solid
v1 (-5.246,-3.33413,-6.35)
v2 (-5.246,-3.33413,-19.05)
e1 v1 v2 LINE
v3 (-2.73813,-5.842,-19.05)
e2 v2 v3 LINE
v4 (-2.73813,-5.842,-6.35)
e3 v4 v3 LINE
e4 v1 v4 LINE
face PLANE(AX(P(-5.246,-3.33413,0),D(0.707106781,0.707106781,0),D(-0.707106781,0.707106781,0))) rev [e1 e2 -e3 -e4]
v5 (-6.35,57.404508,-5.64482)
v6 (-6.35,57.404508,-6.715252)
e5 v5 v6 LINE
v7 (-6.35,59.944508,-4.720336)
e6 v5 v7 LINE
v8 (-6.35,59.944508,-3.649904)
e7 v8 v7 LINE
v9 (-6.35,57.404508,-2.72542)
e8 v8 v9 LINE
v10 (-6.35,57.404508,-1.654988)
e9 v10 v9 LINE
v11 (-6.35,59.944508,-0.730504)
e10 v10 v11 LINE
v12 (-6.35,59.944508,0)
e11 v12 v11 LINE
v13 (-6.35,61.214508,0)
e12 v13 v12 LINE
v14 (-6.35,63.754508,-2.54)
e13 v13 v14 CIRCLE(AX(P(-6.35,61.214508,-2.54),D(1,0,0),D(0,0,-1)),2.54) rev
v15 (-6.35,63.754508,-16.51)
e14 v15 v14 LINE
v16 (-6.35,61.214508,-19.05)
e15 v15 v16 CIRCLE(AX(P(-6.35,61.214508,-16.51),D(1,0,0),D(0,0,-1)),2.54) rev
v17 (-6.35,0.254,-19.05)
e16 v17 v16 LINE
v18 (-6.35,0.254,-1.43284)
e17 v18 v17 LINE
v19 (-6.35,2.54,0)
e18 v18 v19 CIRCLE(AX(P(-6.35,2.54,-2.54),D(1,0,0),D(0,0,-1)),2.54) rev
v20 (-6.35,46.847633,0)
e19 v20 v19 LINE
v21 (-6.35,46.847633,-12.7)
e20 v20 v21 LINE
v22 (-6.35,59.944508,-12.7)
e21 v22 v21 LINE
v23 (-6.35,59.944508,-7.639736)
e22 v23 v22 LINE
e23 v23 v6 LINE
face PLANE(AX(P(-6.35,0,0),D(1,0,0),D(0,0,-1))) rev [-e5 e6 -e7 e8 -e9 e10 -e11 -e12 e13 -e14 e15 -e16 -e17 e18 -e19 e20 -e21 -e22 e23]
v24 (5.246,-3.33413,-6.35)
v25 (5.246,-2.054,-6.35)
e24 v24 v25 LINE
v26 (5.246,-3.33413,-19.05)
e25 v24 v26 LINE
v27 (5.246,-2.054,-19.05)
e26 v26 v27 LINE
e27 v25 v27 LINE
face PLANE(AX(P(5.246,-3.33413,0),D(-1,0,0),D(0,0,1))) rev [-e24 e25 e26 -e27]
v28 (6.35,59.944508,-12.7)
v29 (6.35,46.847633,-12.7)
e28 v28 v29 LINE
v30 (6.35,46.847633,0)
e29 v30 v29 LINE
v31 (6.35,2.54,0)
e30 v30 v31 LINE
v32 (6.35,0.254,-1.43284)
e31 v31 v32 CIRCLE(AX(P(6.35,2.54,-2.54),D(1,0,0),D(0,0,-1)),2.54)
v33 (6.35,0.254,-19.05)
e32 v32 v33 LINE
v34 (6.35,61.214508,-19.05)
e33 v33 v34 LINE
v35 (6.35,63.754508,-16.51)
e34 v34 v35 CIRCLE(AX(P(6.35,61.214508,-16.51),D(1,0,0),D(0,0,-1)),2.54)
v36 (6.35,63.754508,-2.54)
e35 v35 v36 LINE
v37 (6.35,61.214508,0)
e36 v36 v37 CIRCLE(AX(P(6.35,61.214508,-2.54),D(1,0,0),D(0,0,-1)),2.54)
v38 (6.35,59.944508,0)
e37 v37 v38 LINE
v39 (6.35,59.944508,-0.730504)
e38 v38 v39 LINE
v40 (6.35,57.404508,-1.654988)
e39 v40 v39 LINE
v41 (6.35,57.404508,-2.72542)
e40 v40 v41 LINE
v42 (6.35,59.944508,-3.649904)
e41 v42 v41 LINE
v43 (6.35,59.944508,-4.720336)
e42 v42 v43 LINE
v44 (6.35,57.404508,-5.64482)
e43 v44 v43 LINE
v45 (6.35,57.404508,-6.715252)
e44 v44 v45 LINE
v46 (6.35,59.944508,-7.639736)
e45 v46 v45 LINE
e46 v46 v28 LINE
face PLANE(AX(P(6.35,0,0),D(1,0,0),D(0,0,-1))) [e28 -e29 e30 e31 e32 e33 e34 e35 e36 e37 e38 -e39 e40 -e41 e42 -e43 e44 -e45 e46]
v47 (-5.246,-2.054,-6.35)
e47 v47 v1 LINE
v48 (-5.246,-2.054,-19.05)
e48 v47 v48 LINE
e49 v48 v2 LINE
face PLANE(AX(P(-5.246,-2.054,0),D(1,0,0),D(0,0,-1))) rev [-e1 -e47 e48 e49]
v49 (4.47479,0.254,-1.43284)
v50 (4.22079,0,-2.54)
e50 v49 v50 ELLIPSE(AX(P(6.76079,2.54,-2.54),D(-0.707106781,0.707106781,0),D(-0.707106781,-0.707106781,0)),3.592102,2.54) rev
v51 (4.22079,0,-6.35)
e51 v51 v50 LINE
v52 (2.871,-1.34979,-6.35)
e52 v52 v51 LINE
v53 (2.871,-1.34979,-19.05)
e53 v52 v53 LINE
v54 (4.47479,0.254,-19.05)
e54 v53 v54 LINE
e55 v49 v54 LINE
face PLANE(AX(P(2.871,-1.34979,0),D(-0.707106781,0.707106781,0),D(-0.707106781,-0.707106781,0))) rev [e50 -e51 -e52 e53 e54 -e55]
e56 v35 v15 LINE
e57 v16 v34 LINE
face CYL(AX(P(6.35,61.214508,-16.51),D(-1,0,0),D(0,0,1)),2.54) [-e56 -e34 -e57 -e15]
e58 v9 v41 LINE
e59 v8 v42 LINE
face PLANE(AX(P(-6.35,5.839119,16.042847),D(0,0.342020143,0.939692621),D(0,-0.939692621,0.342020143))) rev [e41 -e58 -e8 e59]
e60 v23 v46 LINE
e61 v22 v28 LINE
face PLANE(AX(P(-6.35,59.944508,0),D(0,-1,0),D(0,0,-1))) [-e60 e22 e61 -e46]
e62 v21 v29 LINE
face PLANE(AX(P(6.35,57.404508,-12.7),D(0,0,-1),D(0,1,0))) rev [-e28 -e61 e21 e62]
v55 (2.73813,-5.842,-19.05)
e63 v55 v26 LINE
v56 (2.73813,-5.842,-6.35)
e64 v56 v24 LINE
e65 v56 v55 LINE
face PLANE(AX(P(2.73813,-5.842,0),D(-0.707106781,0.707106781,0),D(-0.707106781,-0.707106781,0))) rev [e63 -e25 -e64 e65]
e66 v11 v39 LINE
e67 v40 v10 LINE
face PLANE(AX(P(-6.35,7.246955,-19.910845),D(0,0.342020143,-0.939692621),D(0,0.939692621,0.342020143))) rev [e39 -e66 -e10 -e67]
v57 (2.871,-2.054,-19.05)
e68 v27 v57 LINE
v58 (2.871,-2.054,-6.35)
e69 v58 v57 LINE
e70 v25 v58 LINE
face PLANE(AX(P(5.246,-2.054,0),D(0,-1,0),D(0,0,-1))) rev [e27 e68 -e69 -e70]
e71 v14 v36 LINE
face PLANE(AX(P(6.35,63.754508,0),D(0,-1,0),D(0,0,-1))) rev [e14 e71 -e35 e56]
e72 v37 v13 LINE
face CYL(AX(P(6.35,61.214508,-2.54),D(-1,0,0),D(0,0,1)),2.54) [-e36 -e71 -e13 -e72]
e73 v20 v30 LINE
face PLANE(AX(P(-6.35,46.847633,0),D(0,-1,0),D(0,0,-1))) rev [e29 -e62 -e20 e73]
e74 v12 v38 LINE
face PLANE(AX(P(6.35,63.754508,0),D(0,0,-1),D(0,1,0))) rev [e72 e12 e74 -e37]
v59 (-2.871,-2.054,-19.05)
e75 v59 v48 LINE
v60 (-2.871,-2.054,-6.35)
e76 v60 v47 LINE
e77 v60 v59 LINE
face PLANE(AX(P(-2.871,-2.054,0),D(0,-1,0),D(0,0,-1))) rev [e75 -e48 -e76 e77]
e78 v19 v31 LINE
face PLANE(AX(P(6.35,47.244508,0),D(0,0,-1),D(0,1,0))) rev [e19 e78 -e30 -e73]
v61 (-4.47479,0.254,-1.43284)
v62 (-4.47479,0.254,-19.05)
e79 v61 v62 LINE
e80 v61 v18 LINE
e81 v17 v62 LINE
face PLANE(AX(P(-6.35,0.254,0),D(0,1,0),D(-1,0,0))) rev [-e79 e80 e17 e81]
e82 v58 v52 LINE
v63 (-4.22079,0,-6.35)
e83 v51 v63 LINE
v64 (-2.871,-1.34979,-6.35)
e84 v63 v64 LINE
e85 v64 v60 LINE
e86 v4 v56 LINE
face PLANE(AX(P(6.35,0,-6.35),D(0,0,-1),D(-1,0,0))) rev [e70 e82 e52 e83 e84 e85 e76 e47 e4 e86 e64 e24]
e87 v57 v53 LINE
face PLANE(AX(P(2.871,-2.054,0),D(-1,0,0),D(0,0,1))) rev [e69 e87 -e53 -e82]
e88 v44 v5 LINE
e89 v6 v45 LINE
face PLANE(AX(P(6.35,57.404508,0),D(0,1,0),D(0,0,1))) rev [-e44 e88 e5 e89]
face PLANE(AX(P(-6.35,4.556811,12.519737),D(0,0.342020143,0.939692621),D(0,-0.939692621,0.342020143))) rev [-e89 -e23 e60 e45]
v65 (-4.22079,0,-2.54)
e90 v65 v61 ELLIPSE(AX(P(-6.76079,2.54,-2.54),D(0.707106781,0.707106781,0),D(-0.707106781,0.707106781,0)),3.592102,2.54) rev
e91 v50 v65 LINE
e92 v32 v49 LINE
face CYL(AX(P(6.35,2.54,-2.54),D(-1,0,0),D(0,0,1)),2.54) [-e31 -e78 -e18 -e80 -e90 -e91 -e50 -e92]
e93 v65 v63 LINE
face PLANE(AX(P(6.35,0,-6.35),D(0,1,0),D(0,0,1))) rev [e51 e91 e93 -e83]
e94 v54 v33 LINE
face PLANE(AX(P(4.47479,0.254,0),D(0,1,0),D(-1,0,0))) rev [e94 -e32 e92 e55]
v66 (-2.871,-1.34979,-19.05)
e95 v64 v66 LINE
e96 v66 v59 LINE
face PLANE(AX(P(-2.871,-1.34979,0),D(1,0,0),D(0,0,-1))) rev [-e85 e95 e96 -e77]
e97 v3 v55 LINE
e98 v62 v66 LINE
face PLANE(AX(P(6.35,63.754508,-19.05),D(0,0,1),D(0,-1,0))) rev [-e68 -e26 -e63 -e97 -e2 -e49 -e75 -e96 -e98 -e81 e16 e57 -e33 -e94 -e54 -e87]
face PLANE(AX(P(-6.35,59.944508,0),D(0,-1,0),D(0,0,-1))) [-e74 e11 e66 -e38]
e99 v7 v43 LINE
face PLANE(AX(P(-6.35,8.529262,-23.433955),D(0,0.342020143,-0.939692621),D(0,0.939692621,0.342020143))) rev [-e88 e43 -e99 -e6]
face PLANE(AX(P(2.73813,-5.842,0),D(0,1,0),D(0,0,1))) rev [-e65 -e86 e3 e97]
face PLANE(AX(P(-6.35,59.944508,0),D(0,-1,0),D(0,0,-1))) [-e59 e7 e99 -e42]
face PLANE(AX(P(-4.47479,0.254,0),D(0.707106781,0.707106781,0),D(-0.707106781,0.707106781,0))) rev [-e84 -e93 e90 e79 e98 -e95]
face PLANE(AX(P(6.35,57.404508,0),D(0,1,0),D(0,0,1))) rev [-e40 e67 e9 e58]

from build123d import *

# Parameters (mm, degrees)
BOSS_EXTRUDE1_DEPTH = 6.35
CUT_EXTRUDE1_DEPTH  = 13.7
CUT_EXTRUDE2_DEPTH  = 20.05
FILLET1_R           = 2.54
CUT_EXTRUDE3_DEPTH  = 20.05
SKETCH6_W           = 12.7
SKETCH6_H           = 0.396875
CUT_EXTRUDE4_DEPTH  = 13.7


with BuildPart() as part:
    # Sketch1 → Boss-Extrude1 (new body, symmetric)
    with BuildSketch(Plane(origin=(0, 0, 0), x_dir=(0, 0, -1), z_dir=(1, 0, 0))):
        Polygon((6.35, 0), (6.35, -6.096), (19.05, -6.096), (19.05, 63.754508), (12.7, 63.754508), (0, 63.754508), (0, 57.404508), (12.7, 57.404508), (12.7, 47.244508), (0, 47.244508), (0, 0), align=None)
    extrude(amount=BOSS_EXTRUDE1_DEPTH, both=True)

    # Sketch2 → Cut-Extrude1 (cut, through all)
    with BuildSketch(Plane(origin=(6.35, 0, 0), x_dir=(0, 0, -1), z_dir=(1, 0, 0))):
        with BuildLine():
            Line((12.7, 57.404508), (6.715252, 57.404508))
            Line((6.715252, 57.404508), (6.665278777, 57.267207698))
            ThreePointArc((6.665278777, 57.267207698), (6.572077823, 57.14574585), (6.426064417, 57.099708))
            Line((6.426064417, 57.099708), (5.934007978, 57.099708))
            ThreePointArc((5.934007978, 57.099708), (5.787994572, 57.14574585), (5.694793618, 57.267207698))
            Line((5.694793618, 57.267207698), (5.644820395, 57.404508))
            Line((5.644820395, 57.404508), (2.72542, 57.404508))
            Line((2.72542, 57.404508), (2.675446777, 57.267207698))
            ThreePointArc((2.675446777, 57.267207698), (2.582245823, 57.14574585), (2.436232417, 57.099708))
            Line((2.436232417, 57.099708), (1.944175978, 57.099708))
            ThreePointArc((1.944175978, 57.099708), (1.798162572, 57.14574585), (1.704961618, 57.267207698))
            Line((1.704961618, 57.267207698), (1.654988395, 57.404508))
            Line((1.654988395, 57.404508), (0, 57.404508))
            Line((0, 57.404508), (0, 47.244508))
            Line((0, 47.244508), (12.7, 47.244508))
            Line((12.7, 47.244508), (12.7, 57.404508))
        make_face()
        Polygon((2.72542, 57.404508), (5.644820395, 57.404508), (4.720336, 59.944508), (3.649904395, 59.944508), align=None)
        Polygon((0, 57.404508), (1.654988395, 57.404508), (0.730504, 59.944508), (0, 59.944508), align=None)
        Polygon((8.710168, 59.944508), (7.639736395, 59.944508), (6.715252, 57.404508), (12.7, 57.404508), (12.7, 59.944508), align=None)
    extrude(amount=-CUT_EXTRUDE1_DEPTH, mode=Mode.SUBTRACT)

    # Sketch3 → Cut-Extrude2 (cut, through all)
    with BuildSketch(Plane(origin=(0, 0, -19.05), x_dir=(-1, 0, 0), z_dir=(0, 0, -1))):
        Polygon((-6.35, -6.096), (-2.839339828, -6.1), (-5.5, -3.439339828), (-5.5, -1.8), (-3.125, -1.8), (-3.125, -1.455), (-4.58, 0), (-9.5, 0), align=None)
        Polygon((2.839339828, -6.1), (6.35, -6.096), (15.42, 0), (4.58, 0), (3.125, -1.455), (3.125, -1.8), (5.5, -1.8), (5.5, -3.439339828), align=None)
    extrude(amount=-CUT_EXTRUDE2_DEPTH, mode=Mode.SUBTRACT)

    # Fillet1
    fillet1_edges = [part.edges().sort_by_distance(p)[0] for p in [
        (0, 63.754508, 0),
        (0, 63.754508, -19.05),
        (0, 0, 0),
    ]]
    fillet(fillet1_edges, radius=FILLET1_R)

    # Sketch5 → Cut-Extrude3 (cut, through all)
    with BuildSketch(Plane(origin=(0, 0, -19.05), x_dir=(-1, 0, 0), z_dir=(0, 0, -1))):
        Polygon((6.35, 0), (4.58, 0), (3.125, -1.455), (3.125, -1.8), (5.5, -1.8), (5.5, -3.439339828), (2.843339828, -6.096), (-2.843339828, -6.096), (-5.5, -3.439339828), (-5.5, -1.8), (-3.125, -1.8), (-3.125, -1.455), (-4.58, 0), (-6.35, 0), (-6.35, 0.254), (-4.474789755, 0.254), (-2.871, -1.349789755), (-2.871, -2.054), (-5.246, -2.054), (-5.246, -3.334129583), (-2.738129583, -5.842), (2.738129583, -5.842), (5.246, -3.334129583), (5.246, -2.054), (2.871, -2.054), (2.871, -1.349789755), (4.474789755, 0.254), (6.35, 0.254), align=None)
    extrude(amount=-CUT_EXTRUDE3_DEPTH, mode=Mode.SUBTRACT)

    # Sketch6 → Cut-Extrude4 (cut, through all)
    with BuildSketch(Plane(origin=(6.35, 0, 0), x_dir=(0, 0, -1), z_dir=(1, 0, 0))):
        with Locations((6.35, 47.0460705)):
            Rectangle(SKETCH6_W, SKETCH6_H)
    extrude(amount=-CUT_EXTRUDE4_DEPTH, mode=Mode.SUBTRACT)


solid = part.part
